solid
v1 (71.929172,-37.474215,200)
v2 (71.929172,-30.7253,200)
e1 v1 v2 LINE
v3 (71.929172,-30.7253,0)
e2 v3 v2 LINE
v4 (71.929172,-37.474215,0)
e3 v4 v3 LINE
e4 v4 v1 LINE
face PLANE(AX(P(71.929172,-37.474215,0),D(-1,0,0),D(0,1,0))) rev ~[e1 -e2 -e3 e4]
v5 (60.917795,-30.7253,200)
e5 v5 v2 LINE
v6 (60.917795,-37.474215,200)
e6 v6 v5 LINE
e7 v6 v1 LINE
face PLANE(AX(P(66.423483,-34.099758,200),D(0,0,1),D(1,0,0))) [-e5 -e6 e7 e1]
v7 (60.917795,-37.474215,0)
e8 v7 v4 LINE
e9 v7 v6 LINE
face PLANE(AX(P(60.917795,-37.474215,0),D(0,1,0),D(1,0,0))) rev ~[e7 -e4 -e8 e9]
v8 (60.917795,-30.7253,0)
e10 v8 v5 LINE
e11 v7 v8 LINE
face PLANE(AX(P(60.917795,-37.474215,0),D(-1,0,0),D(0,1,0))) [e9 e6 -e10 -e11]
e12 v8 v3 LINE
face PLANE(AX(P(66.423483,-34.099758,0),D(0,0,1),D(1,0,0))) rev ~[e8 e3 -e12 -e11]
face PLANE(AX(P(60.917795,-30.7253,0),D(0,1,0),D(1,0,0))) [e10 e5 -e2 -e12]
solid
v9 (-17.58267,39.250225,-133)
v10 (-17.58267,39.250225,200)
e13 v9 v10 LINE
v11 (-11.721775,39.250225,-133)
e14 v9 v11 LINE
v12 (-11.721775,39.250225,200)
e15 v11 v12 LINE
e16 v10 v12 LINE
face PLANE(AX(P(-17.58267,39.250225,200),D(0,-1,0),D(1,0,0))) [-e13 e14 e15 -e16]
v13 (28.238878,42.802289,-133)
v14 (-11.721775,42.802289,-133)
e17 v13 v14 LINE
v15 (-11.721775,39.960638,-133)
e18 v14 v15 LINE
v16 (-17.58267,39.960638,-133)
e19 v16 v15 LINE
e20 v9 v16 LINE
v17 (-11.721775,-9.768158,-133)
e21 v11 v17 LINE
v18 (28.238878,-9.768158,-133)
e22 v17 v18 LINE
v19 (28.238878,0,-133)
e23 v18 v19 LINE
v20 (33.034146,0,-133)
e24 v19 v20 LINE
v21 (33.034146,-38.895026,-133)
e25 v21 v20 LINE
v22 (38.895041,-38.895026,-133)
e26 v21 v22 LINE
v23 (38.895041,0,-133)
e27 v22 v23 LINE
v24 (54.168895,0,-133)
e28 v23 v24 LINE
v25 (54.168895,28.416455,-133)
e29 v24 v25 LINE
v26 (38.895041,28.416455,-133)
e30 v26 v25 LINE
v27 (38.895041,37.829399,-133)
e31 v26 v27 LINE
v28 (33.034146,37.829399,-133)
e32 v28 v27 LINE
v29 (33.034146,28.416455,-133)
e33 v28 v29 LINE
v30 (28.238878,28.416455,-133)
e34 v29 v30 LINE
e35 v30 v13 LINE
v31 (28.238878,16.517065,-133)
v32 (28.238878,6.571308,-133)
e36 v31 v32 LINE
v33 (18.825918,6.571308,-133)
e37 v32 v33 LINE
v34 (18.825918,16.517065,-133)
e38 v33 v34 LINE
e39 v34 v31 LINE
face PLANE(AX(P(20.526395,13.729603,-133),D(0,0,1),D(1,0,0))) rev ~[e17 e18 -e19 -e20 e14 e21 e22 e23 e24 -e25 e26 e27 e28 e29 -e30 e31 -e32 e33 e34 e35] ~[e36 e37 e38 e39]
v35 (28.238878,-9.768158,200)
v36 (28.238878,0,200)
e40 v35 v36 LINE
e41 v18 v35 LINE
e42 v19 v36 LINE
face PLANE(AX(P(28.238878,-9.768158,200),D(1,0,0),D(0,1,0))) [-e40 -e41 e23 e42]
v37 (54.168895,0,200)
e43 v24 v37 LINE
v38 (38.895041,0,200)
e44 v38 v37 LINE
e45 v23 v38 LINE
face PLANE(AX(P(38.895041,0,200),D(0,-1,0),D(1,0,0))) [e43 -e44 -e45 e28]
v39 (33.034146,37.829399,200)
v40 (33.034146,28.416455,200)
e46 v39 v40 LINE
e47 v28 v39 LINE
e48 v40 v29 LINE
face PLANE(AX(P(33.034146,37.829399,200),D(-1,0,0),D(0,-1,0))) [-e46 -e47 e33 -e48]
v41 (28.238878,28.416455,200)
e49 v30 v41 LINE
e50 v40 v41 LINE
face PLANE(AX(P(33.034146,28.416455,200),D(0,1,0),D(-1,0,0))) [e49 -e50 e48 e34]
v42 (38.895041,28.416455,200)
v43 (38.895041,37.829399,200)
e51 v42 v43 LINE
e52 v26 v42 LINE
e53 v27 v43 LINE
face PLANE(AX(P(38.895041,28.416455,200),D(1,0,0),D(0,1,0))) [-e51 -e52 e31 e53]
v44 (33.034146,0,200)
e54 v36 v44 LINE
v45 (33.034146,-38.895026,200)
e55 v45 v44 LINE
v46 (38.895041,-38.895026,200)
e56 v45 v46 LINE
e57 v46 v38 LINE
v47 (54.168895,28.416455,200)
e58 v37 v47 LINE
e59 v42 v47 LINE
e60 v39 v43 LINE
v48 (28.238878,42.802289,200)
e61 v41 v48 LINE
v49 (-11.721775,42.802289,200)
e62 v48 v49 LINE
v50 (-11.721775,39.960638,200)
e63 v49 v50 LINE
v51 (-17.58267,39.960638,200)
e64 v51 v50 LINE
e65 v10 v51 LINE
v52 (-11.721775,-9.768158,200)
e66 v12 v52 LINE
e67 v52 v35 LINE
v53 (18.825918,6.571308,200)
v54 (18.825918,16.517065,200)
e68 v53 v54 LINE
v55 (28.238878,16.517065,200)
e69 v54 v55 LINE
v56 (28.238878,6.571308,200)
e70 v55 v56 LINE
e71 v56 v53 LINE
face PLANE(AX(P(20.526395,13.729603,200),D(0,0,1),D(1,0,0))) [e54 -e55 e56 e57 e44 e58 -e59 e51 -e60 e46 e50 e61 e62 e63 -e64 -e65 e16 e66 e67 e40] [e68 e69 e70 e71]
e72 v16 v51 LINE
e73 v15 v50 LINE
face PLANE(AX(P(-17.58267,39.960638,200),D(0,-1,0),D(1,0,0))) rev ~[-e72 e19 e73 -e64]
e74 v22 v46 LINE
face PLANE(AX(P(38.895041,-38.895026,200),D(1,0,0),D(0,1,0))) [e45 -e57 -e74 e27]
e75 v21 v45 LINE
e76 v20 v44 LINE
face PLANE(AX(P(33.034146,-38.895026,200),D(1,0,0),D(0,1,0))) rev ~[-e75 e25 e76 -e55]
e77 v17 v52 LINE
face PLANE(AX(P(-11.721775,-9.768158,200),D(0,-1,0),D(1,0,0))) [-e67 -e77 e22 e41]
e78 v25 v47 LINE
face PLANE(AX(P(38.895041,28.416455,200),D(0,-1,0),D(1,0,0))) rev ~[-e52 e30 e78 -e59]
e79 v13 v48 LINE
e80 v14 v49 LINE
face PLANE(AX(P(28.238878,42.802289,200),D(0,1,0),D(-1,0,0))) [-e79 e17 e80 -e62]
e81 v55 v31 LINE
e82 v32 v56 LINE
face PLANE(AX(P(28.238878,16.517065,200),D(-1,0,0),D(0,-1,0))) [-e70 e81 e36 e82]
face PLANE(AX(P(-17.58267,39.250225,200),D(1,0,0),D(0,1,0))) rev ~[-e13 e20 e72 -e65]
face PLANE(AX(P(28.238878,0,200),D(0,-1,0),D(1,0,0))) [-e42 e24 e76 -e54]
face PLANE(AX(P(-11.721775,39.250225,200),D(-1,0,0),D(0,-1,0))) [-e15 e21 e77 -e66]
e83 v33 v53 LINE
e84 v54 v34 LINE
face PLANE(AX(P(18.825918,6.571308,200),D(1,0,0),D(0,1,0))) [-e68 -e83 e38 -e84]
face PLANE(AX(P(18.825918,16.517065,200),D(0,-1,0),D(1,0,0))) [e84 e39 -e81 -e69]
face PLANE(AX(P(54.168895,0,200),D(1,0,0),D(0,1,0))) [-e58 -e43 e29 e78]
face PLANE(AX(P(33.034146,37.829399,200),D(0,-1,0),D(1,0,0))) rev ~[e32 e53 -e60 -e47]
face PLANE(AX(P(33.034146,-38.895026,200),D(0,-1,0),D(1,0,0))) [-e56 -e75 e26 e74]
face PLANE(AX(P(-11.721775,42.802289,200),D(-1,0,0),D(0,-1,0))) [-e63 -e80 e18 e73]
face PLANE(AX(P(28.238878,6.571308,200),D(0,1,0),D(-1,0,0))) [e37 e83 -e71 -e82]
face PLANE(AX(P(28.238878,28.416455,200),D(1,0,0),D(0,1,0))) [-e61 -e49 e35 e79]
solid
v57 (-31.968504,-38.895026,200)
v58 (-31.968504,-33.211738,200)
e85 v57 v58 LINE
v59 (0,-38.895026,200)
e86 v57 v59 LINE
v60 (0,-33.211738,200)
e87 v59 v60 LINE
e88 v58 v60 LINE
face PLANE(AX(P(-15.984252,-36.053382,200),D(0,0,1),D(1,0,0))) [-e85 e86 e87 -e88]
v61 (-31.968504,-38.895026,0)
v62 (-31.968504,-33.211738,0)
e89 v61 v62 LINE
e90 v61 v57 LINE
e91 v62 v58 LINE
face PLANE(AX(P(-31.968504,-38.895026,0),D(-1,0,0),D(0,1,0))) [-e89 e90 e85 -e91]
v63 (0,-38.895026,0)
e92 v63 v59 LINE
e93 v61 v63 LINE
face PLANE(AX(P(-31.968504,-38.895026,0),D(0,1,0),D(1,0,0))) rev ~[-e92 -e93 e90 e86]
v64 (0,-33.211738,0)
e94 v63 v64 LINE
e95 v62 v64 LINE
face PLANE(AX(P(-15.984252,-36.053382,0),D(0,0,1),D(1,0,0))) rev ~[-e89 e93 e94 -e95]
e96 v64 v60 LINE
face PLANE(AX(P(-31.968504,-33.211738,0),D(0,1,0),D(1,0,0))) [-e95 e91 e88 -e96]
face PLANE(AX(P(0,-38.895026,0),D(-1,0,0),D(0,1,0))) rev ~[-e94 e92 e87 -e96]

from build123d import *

# Parameters (mm, degrees)
F0_W     = 5.8608949184
F0_H     = 9.4129443169
F0_H_2   = 28.416454792
F0_W_2   = 15.2738541365
F0_H_3   = 38.8950258493
F0_H_4   = 0.7104128599
F0_W_3   = 1.7760246992
F1_DEPTH = 200
F0_W_4   = 31.9685041904
F0_H_5   = 5.6832879782
F0_W_5   = 11.011376977
F0_H_6   = 6.7489147186
F2_DEPTH = 333


with BuildPart() as f1:
    # F0 (on Top) → F1 (new body)
    with BuildSketch(Plane.XY):
        Polygon((28.2388776541, 16.5170654655), (28.2388776541, 28.416454792), (13.6754363775, 28.416454792), (13.6754363775, 0), (28.2388776541, 0), (28.2388776541, 6.5713077784), (18.8259184361, 6.5713077784), (18.8259184361, 16.5170654655), align=None)
        with Locations((35.9645932913, 33.1229269505)):
            Rectangle(F0_W, F0_H)
        with Locations((35.9645932913, 14.208227396)):
            Rectangle(F0_W, F0_H_2)
        Polygon((33.0341458321, 0), (33.0341458321, 28.416454792), (28.2388776541, 28.416454792), (28.2388776541, 16.5170654655), (28.2388776541, 6.5713077784), (28.2388776541, 0), align=None)
        with Locations((46.5319678187, 14.208227396)):
            Rectangle(F0_W_2, F0_H_2)
        with Locations((35.9645932913, -19.4475129247)):
            Rectangle(F0_W, F0_H_3)
        Polygon((13.6754363775, 28.416454792), (28.2388776541, 28.416454792), (28.2388776541, 42.8022891283), (-11.7217749357, 42.8022891283), (-11.7217749357, 39.9606376886), (-9.9457502365, 39.9606376886), (-9.9457502365, 39.2502248287), (-11.7217749357, 39.2502248287), (-11.7217749357, -9.7681581974), (28.2388776541, -9.7681581974), (28.2388776541, 0), (13.6754363775, 0), align=None)
        with Locations((-14.6522223949, 39.6054312587)):
            Rectangle(F0_W, F0_H_4)
        with Locations((-10.8337625861, 39.6054312587)):
            Rectangle(F0_W_3, F0_H_4)
    extrude(amount=F1_DEPTH)

    # F2 (add): a face of the model
    f2_faces = [f1.faces().sort_by_distance(p)[0] for p in [
        (18.3515295696, 13.7387134094, 200),
    ]]
    extrude(f2_faces, amount=-F2_DEPTH)


with BuildPart() as f1b:
    # F0 (on Top) → F1, piece 2 (new body)
    with BuildSketch(Plane.XY):
        with Locations((-15.9842520952, -36.0533818603)):
            Rectangle(F0_W_4, F0_H_5)
    extrude(amount=F1_DEPTH)


with BuildPart() as f1c:
    # F0 (on Top) → F1, piece 3 (new body)
    with BuildSketch(Plane.XY):
        with Locations((66.4234831929, -34.0997576714)):
            Rectangle(F0_W_5, F0_H_6)
    extrude(amount=F1_DEPTH)


solid = Compound([f1.part, f1b.part, f1c.part])
